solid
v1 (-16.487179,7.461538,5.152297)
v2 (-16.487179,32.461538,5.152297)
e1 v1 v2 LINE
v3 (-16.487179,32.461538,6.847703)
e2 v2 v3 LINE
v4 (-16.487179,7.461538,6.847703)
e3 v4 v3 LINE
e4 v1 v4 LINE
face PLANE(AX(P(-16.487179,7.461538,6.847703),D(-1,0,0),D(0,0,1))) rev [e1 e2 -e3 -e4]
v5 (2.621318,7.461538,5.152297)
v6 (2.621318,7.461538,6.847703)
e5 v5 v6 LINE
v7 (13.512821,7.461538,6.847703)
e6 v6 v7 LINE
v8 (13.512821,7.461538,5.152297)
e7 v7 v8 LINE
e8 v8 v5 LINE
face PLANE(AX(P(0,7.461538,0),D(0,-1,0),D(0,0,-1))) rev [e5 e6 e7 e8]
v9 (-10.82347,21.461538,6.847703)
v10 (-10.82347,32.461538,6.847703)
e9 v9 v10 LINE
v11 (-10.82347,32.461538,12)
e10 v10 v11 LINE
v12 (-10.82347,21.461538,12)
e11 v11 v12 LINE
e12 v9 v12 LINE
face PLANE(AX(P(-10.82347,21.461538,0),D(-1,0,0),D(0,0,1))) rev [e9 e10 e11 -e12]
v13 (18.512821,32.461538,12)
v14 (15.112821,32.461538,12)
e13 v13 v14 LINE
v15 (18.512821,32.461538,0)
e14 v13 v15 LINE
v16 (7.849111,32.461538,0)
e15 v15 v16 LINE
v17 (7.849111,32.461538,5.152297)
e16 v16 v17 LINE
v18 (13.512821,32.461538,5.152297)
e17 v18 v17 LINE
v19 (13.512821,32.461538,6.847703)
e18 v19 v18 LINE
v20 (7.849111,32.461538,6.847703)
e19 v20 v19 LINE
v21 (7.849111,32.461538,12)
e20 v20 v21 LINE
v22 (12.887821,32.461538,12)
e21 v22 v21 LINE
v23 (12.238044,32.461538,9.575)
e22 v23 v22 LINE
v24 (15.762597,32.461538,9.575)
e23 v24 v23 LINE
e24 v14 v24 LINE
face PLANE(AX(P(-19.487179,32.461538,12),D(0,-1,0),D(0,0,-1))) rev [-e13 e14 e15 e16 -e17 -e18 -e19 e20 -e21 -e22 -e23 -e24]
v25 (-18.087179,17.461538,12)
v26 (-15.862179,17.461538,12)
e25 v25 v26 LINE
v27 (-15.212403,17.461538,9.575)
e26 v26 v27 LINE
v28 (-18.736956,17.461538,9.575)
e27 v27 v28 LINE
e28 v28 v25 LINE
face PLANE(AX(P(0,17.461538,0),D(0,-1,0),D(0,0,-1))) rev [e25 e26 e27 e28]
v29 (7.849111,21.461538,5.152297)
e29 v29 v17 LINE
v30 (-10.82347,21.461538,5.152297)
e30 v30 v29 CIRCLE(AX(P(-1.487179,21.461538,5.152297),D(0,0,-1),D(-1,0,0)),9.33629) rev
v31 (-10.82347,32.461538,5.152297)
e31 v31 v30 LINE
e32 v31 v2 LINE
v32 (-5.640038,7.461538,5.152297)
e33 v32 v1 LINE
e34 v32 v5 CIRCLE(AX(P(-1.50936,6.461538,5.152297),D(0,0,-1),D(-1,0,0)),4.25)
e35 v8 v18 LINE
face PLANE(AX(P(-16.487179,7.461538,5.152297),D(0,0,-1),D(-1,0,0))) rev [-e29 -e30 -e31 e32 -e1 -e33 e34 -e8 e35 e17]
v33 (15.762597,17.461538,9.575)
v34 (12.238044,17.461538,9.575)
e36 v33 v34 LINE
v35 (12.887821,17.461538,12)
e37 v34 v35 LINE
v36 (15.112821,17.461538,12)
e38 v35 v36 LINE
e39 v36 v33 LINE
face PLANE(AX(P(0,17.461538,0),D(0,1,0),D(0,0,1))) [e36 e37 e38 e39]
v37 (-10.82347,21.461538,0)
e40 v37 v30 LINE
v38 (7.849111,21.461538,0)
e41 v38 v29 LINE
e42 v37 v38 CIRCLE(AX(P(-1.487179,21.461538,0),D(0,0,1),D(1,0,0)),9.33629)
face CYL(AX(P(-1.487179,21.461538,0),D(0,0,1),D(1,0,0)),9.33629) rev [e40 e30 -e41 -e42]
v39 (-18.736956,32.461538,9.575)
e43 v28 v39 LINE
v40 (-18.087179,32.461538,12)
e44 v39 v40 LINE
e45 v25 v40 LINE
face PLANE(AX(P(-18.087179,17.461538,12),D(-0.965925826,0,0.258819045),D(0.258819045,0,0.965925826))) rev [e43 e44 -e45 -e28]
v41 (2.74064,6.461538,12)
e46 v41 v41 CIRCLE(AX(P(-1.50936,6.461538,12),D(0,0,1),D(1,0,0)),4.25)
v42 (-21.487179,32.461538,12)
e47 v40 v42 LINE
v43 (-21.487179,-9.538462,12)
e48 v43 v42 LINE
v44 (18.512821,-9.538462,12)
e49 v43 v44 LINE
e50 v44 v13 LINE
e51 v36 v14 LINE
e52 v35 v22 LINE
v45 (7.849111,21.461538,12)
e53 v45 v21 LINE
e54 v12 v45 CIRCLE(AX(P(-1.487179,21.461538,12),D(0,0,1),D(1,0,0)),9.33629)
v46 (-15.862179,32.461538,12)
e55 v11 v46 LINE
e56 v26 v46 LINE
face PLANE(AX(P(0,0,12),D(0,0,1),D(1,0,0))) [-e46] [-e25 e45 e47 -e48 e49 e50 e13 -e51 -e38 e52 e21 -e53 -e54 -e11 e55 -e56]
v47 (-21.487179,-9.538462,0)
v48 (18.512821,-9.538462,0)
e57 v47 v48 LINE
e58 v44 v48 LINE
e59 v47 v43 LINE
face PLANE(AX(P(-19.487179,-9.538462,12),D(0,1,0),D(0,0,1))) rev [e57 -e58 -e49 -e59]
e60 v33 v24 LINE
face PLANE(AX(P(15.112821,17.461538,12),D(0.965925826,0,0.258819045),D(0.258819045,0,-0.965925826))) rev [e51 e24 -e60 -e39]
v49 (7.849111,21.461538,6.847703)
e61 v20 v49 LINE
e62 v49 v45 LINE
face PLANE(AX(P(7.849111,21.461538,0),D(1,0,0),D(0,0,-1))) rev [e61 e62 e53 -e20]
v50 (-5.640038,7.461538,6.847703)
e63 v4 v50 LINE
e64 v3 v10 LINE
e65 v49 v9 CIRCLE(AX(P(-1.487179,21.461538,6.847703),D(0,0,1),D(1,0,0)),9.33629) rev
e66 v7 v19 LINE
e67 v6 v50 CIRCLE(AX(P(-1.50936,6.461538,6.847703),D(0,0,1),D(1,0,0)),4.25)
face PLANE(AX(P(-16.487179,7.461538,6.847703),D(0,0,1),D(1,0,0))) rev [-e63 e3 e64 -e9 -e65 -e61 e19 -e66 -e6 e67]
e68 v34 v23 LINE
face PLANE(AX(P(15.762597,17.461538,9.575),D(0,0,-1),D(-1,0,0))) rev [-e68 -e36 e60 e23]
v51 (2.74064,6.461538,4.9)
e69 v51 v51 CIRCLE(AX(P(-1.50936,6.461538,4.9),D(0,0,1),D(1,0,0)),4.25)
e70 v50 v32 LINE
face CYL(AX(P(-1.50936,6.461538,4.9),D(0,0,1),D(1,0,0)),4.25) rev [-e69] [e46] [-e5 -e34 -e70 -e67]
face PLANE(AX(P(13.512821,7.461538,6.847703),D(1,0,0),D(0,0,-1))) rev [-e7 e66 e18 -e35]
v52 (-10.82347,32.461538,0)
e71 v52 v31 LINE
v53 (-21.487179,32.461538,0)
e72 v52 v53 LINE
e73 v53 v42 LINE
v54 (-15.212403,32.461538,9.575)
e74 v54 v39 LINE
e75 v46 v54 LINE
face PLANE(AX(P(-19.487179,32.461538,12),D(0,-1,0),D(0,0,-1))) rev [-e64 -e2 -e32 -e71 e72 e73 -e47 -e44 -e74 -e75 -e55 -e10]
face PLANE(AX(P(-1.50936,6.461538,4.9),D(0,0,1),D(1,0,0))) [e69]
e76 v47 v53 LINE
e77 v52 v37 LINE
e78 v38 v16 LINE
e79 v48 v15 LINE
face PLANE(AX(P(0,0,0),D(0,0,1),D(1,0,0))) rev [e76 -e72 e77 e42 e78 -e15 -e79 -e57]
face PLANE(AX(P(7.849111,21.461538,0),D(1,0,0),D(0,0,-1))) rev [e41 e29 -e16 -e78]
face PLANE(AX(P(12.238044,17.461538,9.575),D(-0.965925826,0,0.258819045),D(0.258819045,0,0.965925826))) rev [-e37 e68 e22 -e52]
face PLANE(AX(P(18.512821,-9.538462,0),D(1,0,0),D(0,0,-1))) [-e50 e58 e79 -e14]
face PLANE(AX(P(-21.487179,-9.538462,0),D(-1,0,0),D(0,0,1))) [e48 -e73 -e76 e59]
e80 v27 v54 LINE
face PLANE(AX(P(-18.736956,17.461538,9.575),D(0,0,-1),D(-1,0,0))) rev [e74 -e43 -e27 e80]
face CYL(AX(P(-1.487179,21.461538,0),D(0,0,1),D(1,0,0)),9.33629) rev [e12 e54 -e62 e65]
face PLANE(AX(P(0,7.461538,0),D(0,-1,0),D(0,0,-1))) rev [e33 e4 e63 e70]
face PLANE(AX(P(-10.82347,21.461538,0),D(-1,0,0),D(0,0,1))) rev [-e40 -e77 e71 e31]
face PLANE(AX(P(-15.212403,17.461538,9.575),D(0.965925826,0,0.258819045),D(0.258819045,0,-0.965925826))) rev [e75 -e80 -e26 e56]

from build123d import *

# Parameters (mm, degrees)
SKETCH2_W           = 36
SKETCH2_H           = 42
BOSS_EXTRUDE1_DEPTH = 12
CUT_EXTRUDE1_DEPTH  = 15
CUT_EXTRUDE2_DEPTH  = 12
SKETCH5_W           = 30
SKETCH5_H           = 1.695405108
CUT_EXTRUDE3_DEPTH  = 25
SKETCH6_R           = 4.25
CUT_EXTRUDE4_DEPTH  = 7.1
SKETCH7_W           = 2
SKETCH7_H           = 12
BOSS_EXTRUDE2_DEPTH = 42


with BuildPart() as part:
    # Sketch2 → Boss-Extrude1 (new body)
    with BuildSketch(Plane.XY):
        with Locations((-1.487179487, 11.461538462)):
            Rectangle(SKETCH2_W, SKETCH2_H)
    extrude(amount=BOSS_EXTRUDE1_DEPTH)

    # Sketch3 → Cut-Extrude1 (cut)
    with BuildSketch(Plane(origin=(0, 32.461538462, 0), x_dir=(1, 0, 0), z_dir=(0, 1, 0))):
        Polygon((-18.087179487, -12), (-18.736956279, -9.575), (-15.212402696, -9.575), (-15.862179487, -12), align=None)
        Polygon((15.112820513, -12), (15.762597304, -9.575), (12.238043721, -9.575), (12.887820513, -12), align=None)
    extrude(amount=-CUT_EXTRUDE1_DEPTH, mode=Mode.SUBTRACT)

    # Sketch4 → Cut-Extrude2 (cut)
    with BuildSketch(Plane.XY.offset(12)):
        with BuildLine():
            Line((-10.823469947, 32.461538462), (7.849110972, 32.461538462))
            Line((7.849110972, 32.461538462), (7.849110972, 21.461538462))
            ThreePointArc((7.849110972, 21.461538462), (-1.487179487, 12.125248002), (-10.823469947, 21.461538462))
            Line((-10.823469947, 21.461538462), (-10.823469947, 32.461538462))
        make_face()
    extrude(amount=-CUT_EXTRUDE2_DEPTH, mode=Mode.SUBTRACT)

    # Sketch5 → Cut-Extrude3 (cut)
    with BuildSketch(Plane(origin=(0, 32.461538462, 0), x_dir=(1, 0, 0), z_dir=(0, 1, 0))):
        with Locations((-1.487179487, -6)):
            Rectangle(SKETCH5_W, SKETCH5_H)
    extrude(amount=-CUT_EXTRUDE3_DEPTH, mode=Mode.SUBTRACT)

    # Sketch6 → Cut-Extrude4 (cut)
    with BuildSketch(Plane.XY.offset(12)):
        with Locations((-1.509360089, 6.461538462)):
            Circle(SKETCH6_R)
    extrude(amount=-CUT_EXTRUDE4_DEPTH, mode=Mode.SUBTRACT)

    # Sketch7 → Boss-Extrude2 (add)
    with BuildSketch(Plane(origin=(0, 32.461538462, 0), x_dir=(1, 0, 0), z_dir=(0, 1, 0))):
        with Locations((-20.487179487, -6)):
            Rectangle(SKETCH7_W, SKETCH7_H)
        with Locations((17.512820513, -6)):
            Rectangle(SKETCH7_W, SKETCH7_H)
    extrude(amount=-BOSS_EXTRUDE2_DEPTH)


solid = part.part
